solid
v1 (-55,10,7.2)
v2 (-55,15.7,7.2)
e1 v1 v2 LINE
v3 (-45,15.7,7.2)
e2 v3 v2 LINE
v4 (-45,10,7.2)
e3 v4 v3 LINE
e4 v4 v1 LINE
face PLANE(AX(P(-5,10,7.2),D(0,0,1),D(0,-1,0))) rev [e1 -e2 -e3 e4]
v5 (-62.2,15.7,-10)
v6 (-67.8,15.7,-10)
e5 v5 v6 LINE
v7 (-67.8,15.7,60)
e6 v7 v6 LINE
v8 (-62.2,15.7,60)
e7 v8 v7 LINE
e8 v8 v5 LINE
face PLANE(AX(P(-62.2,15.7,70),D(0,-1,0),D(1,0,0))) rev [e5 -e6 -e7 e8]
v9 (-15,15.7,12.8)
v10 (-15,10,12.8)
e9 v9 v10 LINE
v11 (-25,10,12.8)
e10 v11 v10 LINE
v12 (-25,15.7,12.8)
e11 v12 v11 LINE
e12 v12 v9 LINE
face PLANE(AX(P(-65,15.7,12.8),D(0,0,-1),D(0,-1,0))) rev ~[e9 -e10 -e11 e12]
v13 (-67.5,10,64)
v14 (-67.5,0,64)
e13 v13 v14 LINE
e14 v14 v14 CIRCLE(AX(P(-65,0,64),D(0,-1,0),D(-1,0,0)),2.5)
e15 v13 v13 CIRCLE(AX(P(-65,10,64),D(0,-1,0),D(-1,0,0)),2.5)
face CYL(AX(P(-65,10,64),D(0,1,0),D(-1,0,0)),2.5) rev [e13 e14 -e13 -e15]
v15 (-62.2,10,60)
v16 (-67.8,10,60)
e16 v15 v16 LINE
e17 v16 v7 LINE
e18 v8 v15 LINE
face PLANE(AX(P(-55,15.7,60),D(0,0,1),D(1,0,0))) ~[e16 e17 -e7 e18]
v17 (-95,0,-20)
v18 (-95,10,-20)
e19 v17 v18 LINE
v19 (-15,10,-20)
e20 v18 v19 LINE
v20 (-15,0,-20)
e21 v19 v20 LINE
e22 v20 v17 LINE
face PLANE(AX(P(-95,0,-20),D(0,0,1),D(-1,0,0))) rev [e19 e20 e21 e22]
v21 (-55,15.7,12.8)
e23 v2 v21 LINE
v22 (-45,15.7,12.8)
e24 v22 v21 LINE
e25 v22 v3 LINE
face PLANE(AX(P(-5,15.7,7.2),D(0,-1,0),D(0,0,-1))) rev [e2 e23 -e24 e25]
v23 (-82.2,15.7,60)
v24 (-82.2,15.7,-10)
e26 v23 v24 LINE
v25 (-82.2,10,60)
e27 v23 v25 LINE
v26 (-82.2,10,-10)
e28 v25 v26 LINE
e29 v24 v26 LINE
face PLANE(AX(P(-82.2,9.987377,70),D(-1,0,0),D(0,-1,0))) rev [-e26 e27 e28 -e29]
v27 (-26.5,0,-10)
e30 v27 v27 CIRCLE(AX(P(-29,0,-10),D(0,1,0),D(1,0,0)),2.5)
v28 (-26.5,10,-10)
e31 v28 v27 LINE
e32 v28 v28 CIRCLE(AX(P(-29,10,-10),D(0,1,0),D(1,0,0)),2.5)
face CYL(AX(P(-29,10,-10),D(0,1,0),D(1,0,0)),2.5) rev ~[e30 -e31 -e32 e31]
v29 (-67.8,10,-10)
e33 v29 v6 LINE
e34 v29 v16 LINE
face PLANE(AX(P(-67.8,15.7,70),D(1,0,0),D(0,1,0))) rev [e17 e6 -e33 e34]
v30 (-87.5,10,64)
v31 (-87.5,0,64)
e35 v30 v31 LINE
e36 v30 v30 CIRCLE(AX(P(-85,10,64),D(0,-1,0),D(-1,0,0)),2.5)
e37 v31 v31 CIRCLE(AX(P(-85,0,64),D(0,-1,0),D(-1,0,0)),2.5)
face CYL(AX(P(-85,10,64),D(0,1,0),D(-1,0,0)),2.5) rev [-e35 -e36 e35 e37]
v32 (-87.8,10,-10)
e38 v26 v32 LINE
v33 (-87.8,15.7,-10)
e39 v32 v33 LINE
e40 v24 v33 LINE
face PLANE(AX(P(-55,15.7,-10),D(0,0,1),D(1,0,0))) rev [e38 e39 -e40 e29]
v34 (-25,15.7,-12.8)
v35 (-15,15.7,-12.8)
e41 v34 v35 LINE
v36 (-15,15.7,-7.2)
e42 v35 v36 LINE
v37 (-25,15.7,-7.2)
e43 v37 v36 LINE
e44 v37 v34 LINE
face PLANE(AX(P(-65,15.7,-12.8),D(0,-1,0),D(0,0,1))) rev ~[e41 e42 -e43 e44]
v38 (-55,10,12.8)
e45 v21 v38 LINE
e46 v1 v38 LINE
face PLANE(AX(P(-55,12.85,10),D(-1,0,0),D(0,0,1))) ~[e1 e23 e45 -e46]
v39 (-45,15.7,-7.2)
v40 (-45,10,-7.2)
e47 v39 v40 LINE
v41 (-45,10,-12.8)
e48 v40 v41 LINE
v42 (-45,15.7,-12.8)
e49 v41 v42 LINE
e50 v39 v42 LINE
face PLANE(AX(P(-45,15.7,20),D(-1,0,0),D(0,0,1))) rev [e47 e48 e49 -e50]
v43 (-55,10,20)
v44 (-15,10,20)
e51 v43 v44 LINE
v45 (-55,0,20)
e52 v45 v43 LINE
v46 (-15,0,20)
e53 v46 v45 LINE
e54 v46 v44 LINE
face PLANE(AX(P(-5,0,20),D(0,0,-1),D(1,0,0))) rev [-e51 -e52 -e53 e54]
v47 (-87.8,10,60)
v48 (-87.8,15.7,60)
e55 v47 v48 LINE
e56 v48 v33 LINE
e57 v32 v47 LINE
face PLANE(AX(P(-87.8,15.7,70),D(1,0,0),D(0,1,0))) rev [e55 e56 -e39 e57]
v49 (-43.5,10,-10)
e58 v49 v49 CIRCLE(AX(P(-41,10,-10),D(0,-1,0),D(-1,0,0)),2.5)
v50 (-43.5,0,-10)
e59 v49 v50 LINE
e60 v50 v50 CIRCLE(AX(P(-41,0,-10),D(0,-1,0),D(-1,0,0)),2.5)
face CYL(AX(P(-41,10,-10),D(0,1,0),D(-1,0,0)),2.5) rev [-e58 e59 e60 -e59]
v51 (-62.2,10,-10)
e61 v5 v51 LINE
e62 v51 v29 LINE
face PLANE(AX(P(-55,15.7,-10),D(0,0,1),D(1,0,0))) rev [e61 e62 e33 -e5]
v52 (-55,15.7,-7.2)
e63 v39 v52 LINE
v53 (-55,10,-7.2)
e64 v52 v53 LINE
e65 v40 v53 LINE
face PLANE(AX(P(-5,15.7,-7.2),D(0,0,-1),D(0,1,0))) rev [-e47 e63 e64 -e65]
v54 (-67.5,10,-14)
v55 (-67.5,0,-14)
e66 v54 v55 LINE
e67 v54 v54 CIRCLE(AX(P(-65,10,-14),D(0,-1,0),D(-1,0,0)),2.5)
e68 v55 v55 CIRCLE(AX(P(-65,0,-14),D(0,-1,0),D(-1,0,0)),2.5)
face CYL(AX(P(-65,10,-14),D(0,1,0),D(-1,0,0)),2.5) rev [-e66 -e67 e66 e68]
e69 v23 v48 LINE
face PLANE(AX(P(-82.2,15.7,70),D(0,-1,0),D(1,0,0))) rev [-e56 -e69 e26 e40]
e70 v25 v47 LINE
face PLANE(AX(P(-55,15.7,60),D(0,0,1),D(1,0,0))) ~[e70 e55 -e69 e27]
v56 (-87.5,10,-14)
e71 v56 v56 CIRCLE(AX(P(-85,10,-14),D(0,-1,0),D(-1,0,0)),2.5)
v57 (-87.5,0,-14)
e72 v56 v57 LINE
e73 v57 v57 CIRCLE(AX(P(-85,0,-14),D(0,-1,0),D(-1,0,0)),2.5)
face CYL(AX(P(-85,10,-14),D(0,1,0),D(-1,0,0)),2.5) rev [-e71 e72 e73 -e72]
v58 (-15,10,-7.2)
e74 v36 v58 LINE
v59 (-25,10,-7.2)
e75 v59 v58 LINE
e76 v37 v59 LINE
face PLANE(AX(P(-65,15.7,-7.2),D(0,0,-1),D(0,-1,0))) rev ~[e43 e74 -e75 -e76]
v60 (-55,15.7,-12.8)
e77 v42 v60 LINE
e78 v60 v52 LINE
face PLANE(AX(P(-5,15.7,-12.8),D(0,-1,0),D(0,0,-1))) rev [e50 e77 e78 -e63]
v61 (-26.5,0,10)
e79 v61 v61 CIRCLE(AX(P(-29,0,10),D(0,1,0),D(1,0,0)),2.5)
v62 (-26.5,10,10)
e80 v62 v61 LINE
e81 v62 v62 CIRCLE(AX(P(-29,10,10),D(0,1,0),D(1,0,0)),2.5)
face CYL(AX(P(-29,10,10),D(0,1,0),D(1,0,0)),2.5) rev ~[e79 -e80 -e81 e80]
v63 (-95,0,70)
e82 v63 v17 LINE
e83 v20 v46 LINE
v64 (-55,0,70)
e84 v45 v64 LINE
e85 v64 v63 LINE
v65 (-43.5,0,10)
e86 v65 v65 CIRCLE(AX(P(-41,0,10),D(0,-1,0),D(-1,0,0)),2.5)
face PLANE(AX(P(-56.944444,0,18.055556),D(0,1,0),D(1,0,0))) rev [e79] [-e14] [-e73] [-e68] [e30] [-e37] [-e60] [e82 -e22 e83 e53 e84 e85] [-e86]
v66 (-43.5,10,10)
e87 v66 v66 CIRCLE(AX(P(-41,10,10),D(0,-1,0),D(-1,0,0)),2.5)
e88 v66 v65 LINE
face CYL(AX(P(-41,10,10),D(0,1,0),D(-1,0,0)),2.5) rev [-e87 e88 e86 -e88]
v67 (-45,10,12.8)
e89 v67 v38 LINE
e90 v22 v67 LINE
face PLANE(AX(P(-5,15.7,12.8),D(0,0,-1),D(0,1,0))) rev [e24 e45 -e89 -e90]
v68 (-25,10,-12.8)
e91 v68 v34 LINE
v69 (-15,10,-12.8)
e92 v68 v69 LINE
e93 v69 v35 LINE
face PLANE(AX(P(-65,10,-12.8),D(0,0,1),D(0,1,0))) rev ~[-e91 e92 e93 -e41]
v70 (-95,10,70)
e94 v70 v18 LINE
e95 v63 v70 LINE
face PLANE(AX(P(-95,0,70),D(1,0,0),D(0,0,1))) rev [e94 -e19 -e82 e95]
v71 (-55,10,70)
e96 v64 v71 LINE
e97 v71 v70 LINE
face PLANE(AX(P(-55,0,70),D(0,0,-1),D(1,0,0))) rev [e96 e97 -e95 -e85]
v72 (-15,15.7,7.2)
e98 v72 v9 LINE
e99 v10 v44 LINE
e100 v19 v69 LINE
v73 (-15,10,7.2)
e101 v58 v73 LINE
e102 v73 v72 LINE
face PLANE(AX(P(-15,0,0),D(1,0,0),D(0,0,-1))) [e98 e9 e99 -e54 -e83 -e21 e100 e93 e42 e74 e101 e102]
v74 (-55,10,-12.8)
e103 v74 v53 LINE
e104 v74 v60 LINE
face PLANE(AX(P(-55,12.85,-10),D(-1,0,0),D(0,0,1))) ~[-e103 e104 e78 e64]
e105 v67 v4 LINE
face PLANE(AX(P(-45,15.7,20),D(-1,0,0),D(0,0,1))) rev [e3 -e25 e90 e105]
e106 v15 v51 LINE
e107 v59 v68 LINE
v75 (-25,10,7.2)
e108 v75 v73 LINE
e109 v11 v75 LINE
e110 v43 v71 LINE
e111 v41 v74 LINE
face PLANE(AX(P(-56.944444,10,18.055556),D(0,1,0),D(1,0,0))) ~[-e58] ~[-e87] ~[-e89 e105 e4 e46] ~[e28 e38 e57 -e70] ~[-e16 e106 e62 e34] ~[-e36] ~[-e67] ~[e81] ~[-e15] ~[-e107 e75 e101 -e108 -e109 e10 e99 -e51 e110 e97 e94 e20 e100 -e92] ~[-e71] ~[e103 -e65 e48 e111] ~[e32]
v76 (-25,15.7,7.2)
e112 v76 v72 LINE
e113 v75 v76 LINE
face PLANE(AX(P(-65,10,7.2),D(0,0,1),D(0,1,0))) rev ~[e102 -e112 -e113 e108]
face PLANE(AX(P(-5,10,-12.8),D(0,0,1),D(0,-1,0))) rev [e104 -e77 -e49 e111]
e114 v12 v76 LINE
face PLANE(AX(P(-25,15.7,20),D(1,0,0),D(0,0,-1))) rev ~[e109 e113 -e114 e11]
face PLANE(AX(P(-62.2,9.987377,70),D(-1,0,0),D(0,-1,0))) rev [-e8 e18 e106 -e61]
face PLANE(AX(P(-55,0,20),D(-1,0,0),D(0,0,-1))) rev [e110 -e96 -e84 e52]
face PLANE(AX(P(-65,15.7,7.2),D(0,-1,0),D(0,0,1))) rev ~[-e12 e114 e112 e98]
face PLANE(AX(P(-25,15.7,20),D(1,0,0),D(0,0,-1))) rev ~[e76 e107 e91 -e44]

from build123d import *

# Parameters (mm, degrees)
SALIENTE_EXTRUIR1_DEPTH = 10
SALIENTE_EXTRUIR2_DEPTH = 90
SALIENTE_EXTRUIR3_DEPTH = 50
CROQUIS6_W              = 56.928573576
CROQUIS6_H              = 55.923287038
CORTAR_EXTRUIR2_DEPTH   = 30
CROQUIS5_W              = 40
CROQUIS5_H              = 10
CROQUIS5_W_2            = 10
CROQUIS5_H_2            = 40
CORTAR_EXTRUIR1_DEPTH   = 5.7
CROQUIS7_R              = 2.5
CORTAR_EXTRUIR3_DEPTH   = 11
SKETCH1_W               = 156.521822712
SKETCH1_H               = 40.193765496
CUT_EXTRUDE1_DEPTH      = 40


with BuildPart() as part:
    # Croquis1 → Saliente-Extruir1 (new body)
    with BuildSketch(Plane(origin=(0, 0, 0), x_dir=(1, 0, 0), z_dir=(0, 1, 0))):
        Polygon((25, 20), (-65, 20), (-65, -20), (-15, -20), (-15, -70), (25, -70), (25, -20), align=None)
    extrude(amount=SALIENTE_EXTRUIR1_DEPTH)

    # Croquis2 → Saliente-Extruir2 (add, through all)
    with BuildSketch(Plane.XY.offset(70)):
        Polygon((12.2, 9.987376579), (12.2, 15.7), (17.8, 15.7), (17.8, 9.987376579), (15, 9.987376579), align=None)
        Polygon((-7.8, 9.987376579), (-7.8, 15.7), (-2.2, 15.7), (-2.2, 9.987376579), (-5, 9.987376579), align=None)
    extrude(amount=-SALIENTE_EXTRUIR2_DEPTH)

    # Croquis3 → Saliente-Extruir3 (add)
    with BuildSketch(Plane.ZY.offset(65)):
        Polygon((7.2, 10), (7.2, 15.7), (12.8, 15.7), (12.8, 10), (10, 10), align=None)
        Polygon((-12.8, 10), (-12.8, 15.7), (-7.2, 15.7), (-7.2, 10), (-10, 10), align=None)
    extrude(amount=-SALIENTE_EXTRUIR3_DEPTH)

    # Croquis6 → Cortar-Extruir2 (cut)
    with BuildSketch(Plane.ZY.offset(65)):
        Rectangle(CROQUIS6_W, CROQUIS6_H)
    extrude(amount=-CORTAR_EXTRUIR2_DEPTH, mode=Mode.SUBTRACT)

    # Croquis5 → Cortar-Extruir1 (cut)
    with BuildSketch(Plane(origin=(0, 15.7, 0), x_dir=(1, 0, 0), z_dir=(0, 1, 0))):
        with Locations((5, -65)):
            Rectangle(CROQUIS5_W, CROQUIS5_H)
        with Locations((5, 15)):
            Rectangle(CROQUIS5_W, CROQUIS5_H)
        with Locations((-30, 0)):
            Rectangle(CROQUIS5_W_2, CROQUIS5_H_2)
    extrude(amount=-CORTAR_EXTRUIR1_DEPTH, mode=Mode.SUBTRACT)

    # Croquis7 → Cortar-Extruir3 (cut, through all)
    with BuildSketch(Plane(origin=(0, 10, 0), x_dir=(1, 0, 0), z_dir=(0, 1, 0))):
        with Locations((-29, 10)):
            Circle(CROQUIS7_R)
        with Locations((-29, -10)):
            Circle(CROQUIS7_R)
        with Locations((15, 14)):
            Circle(CROQUIS7_R)
        with Locations((-5, 14)):
            Circle(CROQUIS7_R)
        with Locations((-5, -64)):
            Circle(CROQUIS7_R)
        with Locations((15, -64)):
            Circle(CROQUIS7_R)
    extrude(amount=-CORTAR_EXTRUIR3_DEPTH, mode=Mode.SUBTRACT)

    # Mirror1: part across plane


with BuildPart() as part_1:
    add(part.part)
    add(part.part.mirror(Plane.ZY.offset(35)))

    # Sketch1 → Cut-Extrude1 (cut)
    with BuildSketch(Plane(origin=(25, 0, 0), x_dir=(0, 0, -1), z_dir=(1, 0, 0))):
        Rectangle(SKETCH1_W, SKETCH1_H)
    extrude(amount=-CUT_EXTRUDE1_DEPTH, mode=Mode.SUBTRACT)


solid = part_1.part
